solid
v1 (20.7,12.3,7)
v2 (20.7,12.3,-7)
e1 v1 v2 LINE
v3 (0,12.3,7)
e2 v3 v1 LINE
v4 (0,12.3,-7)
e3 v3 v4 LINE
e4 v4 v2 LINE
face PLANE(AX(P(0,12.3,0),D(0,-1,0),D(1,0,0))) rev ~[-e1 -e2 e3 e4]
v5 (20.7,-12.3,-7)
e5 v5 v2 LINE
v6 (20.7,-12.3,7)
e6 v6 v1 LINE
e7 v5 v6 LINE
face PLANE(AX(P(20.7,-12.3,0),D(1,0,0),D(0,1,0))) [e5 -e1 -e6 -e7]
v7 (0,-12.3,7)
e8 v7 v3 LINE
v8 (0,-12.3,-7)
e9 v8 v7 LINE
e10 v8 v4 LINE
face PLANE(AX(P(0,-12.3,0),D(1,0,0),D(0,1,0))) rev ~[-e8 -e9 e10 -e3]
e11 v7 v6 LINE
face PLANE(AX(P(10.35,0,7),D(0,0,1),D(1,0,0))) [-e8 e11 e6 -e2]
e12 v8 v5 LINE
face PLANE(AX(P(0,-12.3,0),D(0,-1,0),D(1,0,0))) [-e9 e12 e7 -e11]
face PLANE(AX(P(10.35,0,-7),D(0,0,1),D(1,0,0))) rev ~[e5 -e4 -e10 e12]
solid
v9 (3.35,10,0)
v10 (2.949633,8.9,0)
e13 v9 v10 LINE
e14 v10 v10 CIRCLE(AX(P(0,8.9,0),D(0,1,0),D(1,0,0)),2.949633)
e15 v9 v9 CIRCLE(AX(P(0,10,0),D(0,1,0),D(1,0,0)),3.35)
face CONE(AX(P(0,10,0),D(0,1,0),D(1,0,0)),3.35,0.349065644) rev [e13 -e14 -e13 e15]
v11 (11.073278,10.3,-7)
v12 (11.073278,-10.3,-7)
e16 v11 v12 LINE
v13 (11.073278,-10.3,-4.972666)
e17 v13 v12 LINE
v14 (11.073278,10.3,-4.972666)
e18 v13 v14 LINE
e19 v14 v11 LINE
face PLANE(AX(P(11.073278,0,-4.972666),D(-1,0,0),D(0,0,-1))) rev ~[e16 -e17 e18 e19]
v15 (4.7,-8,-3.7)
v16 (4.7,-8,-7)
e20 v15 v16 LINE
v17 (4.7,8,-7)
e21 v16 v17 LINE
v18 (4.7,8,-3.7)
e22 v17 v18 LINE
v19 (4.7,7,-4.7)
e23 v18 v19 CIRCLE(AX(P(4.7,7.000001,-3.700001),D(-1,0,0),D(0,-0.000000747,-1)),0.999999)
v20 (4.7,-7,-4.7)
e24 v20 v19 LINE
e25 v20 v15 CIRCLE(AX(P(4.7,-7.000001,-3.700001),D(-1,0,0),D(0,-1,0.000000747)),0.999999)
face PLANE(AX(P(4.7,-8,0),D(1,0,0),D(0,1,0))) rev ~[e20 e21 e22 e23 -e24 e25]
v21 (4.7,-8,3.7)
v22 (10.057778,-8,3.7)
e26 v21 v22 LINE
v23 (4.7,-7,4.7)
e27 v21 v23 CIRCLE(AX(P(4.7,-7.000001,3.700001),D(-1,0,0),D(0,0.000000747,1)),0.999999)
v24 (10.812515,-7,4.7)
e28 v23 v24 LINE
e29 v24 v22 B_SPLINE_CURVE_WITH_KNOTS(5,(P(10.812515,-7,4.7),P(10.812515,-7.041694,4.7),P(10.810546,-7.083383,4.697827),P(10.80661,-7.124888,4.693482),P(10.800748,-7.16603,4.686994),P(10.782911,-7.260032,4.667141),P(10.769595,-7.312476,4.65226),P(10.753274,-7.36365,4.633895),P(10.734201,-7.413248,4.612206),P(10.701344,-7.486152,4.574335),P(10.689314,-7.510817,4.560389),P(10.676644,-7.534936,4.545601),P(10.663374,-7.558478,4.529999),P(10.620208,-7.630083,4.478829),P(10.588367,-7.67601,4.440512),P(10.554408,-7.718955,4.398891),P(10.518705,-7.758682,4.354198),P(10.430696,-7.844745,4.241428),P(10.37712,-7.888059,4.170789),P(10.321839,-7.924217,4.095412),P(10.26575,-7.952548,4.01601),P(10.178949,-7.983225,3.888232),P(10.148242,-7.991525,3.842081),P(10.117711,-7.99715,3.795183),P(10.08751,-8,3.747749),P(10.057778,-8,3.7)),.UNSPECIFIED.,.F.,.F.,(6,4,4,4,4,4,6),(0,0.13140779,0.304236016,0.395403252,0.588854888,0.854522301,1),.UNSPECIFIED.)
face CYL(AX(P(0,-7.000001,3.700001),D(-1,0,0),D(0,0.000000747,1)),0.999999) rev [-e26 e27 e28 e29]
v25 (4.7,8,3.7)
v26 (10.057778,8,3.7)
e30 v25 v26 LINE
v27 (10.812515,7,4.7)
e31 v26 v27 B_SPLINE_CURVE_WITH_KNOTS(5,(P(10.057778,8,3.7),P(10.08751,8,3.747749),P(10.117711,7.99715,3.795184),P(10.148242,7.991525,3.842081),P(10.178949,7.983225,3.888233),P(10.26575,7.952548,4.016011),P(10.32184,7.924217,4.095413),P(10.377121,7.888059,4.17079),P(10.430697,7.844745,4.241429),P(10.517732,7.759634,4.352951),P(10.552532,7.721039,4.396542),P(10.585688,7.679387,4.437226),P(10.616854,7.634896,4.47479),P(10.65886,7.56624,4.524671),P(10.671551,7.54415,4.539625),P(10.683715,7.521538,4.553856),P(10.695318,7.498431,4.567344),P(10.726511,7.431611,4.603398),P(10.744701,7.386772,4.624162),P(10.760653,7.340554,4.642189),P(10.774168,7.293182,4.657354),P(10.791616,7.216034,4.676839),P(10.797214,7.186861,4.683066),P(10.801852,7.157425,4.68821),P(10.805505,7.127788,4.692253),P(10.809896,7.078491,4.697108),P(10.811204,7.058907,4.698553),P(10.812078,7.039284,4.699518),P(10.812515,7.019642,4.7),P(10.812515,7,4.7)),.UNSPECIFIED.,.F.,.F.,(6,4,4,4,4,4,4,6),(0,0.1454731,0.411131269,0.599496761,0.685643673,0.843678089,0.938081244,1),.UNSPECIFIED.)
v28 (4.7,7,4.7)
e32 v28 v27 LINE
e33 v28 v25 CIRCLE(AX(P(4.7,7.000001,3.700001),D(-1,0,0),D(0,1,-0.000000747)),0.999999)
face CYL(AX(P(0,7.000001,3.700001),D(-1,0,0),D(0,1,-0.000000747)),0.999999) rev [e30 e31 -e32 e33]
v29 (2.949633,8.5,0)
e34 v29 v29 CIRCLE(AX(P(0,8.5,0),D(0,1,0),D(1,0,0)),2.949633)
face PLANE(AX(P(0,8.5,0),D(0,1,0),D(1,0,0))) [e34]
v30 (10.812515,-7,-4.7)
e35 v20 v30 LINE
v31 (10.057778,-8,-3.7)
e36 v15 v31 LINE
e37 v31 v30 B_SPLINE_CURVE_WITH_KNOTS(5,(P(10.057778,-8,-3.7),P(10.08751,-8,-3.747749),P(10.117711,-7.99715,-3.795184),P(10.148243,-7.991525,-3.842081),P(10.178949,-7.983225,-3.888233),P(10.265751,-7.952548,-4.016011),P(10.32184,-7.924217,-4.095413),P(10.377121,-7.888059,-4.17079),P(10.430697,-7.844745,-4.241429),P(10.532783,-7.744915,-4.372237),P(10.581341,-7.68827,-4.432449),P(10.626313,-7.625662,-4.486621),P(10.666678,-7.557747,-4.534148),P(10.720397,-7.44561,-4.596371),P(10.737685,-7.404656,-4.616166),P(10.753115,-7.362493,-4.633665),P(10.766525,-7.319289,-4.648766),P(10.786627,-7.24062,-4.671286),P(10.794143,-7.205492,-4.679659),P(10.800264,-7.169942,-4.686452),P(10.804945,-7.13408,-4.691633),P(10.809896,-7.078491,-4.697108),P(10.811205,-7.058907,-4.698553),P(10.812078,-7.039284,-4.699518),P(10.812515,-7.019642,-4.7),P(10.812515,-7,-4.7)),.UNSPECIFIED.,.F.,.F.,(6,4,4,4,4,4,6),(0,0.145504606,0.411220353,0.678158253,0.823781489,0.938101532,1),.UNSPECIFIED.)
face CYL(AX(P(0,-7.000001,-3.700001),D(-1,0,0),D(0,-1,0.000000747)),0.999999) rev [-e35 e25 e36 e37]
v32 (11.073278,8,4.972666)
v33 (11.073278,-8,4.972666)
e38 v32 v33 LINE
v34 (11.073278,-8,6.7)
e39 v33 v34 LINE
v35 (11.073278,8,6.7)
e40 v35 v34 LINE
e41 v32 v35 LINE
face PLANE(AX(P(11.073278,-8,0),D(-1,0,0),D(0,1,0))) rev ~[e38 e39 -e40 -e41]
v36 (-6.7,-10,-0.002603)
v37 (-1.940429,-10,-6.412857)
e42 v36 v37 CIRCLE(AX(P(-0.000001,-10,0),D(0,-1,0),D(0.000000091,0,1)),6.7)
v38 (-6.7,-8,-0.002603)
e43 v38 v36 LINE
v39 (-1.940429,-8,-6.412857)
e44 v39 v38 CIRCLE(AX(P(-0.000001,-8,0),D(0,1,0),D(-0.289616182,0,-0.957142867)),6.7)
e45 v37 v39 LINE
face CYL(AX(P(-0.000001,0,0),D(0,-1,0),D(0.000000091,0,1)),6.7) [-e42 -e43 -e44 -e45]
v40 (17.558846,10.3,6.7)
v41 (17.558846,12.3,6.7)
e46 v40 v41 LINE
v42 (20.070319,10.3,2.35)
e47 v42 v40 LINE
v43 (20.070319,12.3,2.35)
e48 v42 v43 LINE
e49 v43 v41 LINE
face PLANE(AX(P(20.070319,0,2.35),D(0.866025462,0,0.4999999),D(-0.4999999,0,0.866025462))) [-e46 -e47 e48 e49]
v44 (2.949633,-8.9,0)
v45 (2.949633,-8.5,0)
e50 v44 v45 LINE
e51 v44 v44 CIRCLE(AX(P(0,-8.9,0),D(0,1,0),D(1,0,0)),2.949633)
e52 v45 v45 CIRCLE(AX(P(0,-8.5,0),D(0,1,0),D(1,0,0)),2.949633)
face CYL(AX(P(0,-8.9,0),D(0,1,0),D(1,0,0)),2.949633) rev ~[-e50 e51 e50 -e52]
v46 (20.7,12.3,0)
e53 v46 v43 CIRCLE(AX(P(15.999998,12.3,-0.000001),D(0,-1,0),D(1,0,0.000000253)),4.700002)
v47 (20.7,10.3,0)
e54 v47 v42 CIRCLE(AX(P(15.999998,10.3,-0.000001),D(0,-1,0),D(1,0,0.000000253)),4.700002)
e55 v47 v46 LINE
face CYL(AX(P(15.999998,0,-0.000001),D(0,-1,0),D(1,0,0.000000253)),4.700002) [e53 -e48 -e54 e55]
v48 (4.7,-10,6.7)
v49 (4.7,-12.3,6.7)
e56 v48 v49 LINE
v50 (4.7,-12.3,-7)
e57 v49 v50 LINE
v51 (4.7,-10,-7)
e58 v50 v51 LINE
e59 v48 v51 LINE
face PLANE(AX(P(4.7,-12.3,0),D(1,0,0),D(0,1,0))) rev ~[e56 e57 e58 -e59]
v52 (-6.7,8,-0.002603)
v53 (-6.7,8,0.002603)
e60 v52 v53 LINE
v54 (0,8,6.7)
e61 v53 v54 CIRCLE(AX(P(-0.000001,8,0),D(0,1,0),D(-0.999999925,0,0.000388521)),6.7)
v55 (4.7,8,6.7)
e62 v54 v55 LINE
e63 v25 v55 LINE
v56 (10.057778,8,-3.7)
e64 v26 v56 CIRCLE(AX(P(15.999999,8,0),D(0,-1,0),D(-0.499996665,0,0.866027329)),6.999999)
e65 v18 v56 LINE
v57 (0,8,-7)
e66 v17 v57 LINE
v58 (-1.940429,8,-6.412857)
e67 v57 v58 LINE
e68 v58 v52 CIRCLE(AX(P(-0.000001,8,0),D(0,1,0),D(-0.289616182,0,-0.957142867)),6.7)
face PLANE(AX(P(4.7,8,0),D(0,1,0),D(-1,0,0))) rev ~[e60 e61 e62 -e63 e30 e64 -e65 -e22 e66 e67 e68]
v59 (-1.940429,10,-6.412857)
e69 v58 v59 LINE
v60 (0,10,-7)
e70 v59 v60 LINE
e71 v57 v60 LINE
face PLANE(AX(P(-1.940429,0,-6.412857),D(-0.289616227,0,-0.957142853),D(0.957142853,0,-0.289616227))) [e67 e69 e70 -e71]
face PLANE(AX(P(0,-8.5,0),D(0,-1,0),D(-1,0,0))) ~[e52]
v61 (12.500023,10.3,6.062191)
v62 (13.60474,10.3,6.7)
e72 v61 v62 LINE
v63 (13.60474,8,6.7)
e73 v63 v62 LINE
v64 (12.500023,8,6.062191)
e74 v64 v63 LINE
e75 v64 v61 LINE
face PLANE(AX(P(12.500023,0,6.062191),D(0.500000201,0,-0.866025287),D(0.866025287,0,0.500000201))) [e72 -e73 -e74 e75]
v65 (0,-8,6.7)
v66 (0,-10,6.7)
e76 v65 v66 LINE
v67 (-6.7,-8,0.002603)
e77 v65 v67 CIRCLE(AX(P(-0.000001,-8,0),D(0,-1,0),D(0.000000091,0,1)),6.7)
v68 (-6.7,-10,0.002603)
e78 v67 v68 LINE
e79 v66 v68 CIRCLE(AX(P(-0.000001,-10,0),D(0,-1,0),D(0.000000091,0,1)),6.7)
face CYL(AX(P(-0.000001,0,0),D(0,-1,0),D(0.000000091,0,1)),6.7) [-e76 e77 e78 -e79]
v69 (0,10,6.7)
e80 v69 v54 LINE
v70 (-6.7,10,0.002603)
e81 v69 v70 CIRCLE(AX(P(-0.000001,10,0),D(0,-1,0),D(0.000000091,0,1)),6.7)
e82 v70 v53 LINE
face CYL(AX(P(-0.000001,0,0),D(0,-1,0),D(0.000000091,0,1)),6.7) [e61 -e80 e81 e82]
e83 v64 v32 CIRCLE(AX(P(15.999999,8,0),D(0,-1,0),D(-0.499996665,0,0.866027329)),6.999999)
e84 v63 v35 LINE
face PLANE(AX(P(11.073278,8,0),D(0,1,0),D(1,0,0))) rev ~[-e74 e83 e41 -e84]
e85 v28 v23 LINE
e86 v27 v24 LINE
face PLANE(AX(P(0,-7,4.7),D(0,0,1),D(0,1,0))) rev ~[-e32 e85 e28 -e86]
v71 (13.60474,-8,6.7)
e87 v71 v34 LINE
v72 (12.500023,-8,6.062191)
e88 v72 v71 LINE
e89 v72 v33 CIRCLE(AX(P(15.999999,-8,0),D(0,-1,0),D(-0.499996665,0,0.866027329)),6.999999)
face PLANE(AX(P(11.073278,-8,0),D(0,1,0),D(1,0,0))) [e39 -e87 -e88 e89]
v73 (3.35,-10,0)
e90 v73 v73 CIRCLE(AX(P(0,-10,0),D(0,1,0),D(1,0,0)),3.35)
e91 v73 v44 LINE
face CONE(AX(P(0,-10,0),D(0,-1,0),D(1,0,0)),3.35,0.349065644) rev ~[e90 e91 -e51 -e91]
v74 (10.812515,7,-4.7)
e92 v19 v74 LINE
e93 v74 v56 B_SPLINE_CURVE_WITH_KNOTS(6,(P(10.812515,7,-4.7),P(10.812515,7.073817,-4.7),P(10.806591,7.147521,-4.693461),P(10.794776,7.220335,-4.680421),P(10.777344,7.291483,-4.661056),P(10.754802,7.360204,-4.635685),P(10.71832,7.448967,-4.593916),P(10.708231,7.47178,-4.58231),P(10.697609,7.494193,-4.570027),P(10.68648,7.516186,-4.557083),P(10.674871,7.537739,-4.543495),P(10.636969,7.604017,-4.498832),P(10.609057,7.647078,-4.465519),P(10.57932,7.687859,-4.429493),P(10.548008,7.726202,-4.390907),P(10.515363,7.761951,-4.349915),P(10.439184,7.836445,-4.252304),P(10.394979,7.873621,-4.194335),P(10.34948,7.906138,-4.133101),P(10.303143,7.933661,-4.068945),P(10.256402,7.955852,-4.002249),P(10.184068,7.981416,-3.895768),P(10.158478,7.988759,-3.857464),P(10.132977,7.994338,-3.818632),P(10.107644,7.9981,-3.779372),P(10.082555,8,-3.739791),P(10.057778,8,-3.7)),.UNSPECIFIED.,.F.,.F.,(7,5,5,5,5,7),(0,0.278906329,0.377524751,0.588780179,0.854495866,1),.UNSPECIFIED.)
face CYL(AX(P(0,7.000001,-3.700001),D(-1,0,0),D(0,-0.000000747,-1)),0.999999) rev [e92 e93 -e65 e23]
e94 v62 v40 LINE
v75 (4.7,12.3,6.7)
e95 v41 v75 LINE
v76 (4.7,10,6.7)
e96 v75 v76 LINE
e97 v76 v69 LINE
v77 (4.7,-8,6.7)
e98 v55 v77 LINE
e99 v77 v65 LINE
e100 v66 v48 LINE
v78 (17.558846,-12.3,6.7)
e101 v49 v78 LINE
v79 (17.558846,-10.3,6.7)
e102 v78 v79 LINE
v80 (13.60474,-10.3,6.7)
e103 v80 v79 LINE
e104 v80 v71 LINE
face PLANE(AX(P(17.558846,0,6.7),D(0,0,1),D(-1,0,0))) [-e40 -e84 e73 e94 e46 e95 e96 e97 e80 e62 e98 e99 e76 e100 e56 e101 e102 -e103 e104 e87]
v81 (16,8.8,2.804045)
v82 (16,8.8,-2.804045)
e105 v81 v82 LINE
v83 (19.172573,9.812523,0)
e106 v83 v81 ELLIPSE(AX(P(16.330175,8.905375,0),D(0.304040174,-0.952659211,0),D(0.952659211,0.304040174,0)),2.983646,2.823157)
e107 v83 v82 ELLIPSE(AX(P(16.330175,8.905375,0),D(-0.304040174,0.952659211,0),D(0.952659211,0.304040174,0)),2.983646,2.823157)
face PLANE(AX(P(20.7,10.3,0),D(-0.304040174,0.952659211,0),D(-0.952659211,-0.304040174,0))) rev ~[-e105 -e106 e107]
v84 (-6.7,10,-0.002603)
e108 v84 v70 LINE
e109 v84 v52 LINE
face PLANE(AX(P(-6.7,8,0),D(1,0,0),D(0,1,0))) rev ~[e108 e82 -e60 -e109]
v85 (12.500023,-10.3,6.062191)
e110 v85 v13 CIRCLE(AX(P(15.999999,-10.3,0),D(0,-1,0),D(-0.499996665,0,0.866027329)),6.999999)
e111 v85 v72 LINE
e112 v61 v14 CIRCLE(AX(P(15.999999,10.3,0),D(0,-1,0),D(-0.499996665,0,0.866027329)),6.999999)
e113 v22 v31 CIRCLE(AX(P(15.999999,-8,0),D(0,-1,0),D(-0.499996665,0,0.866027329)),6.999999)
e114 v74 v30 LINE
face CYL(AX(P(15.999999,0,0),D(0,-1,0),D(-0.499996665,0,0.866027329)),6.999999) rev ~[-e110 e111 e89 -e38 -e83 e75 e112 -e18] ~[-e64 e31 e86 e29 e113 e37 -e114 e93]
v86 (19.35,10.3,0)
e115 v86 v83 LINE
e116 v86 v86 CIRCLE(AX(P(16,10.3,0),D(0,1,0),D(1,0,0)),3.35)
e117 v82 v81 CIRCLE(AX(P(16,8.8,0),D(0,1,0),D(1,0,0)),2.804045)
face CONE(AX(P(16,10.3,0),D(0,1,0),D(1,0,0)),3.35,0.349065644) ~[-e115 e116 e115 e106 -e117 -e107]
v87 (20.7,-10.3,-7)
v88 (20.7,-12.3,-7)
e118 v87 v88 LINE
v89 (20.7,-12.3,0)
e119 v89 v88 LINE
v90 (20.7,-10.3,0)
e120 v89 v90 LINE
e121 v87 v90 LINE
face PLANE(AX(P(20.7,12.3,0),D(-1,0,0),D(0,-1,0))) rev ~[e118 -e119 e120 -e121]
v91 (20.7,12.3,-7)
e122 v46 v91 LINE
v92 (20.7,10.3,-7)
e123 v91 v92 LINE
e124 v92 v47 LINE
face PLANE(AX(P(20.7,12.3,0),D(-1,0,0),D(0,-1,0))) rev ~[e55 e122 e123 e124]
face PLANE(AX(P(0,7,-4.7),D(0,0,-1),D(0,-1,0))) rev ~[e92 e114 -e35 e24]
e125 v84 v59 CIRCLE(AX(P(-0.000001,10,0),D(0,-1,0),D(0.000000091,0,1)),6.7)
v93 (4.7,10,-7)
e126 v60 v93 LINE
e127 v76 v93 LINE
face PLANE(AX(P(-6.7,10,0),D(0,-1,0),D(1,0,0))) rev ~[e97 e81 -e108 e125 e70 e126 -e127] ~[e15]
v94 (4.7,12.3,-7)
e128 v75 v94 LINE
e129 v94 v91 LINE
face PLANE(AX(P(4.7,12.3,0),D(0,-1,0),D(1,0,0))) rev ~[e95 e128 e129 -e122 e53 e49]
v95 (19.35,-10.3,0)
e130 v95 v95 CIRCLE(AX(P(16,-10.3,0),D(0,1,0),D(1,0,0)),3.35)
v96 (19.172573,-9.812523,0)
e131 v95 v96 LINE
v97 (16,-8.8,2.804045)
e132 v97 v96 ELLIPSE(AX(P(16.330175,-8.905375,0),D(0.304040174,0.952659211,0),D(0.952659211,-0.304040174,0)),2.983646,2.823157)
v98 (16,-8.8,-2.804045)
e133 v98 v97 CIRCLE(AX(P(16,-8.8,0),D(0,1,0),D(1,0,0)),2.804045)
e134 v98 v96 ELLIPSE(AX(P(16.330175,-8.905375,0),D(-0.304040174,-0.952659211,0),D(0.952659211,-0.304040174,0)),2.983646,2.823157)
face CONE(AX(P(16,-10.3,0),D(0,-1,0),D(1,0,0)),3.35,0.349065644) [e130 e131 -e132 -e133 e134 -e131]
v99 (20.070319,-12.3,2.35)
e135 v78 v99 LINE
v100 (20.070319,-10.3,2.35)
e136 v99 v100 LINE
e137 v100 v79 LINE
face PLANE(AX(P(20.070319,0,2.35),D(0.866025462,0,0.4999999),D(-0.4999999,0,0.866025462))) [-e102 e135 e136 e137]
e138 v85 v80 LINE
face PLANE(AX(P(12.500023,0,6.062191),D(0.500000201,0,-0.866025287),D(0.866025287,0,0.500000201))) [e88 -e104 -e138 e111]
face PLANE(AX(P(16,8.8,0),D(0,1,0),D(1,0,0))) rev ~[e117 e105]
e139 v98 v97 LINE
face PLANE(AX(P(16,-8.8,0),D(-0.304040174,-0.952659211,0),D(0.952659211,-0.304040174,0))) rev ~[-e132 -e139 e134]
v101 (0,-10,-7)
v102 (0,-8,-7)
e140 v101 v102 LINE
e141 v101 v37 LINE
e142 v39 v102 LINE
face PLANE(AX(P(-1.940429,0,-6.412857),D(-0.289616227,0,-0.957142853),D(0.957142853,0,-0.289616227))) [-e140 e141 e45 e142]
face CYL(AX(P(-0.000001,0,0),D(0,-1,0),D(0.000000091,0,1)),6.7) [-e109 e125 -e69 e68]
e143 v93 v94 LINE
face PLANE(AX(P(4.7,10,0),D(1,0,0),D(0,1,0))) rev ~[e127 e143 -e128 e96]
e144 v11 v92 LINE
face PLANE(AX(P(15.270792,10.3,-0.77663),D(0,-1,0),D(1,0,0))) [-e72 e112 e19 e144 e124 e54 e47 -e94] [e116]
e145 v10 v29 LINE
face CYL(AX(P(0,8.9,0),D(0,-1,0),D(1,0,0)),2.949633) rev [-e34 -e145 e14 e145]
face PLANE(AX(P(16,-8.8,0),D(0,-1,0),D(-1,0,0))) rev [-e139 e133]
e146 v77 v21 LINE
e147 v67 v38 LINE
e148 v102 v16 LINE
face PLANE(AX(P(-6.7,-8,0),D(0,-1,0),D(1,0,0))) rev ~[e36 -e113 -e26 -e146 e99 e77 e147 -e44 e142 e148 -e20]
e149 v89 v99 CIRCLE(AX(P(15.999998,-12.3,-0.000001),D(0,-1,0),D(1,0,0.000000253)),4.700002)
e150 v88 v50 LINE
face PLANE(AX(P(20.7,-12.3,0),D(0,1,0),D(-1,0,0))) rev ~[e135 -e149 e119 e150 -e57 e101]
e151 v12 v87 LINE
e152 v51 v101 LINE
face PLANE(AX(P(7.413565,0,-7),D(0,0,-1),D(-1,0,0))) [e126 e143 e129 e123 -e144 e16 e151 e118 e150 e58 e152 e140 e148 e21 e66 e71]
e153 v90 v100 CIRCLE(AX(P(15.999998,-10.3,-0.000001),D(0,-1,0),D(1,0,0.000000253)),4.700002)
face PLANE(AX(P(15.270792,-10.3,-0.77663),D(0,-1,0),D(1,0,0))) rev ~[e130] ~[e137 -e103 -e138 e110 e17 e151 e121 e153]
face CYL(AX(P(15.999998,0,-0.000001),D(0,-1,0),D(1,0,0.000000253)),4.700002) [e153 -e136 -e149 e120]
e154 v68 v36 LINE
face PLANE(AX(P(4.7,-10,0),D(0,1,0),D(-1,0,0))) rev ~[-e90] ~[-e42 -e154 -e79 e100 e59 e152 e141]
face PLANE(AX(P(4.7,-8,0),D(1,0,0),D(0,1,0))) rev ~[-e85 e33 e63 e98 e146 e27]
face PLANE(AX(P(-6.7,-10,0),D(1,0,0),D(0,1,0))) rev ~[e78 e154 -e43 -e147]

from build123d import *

# Parameters (mm, degrees)
PAD_DEPTH            = 7
SKETCH002_W          = 29.4
SKETCH002_H          = 15.7
POCKET_DEPTH         = 13
POCKET001_DEPTH      = 10.3
POCKET002_DEPTH      = 6.701
POCKET002_DEPTH_BACK = -20.701
SKETCH005_W          = 4.926722
SKETCH005_H          = 16
POCKET003_DEPTH      = 6.701
POCKET004_DEPTH      = 7.001
POCKET004_DEPTH_BACK = -6.701
SKETCH009_W          = 20.7
SKETCH009_H          = 24.6
PAD001_DEPTH         = 7


with BuildPart() as chain_link:
    # Sketch001 → Pad (new body, symmetric)
    with BuildSketch(Plane.XY):
        Polygon((-6.7, 10), (4.7, 10), (4.7, 12.3), (20.7, 12.3), (20.7, -12.3), (4.7, -12.3), (4.7, -10), (-6.7, -10), (-6.7, -8), (4.7, -8), (4.7, 8), (-6.7, 8), align=None)
    extrude(amount=PAD_DEPTH, both=True)

    # Sketch002 → Pocket (cut, symmetric)
    with BuildSketch(Plane.XZ):
        with Locations((7, -0.15)):
            Rectangle(SKETCH002_W, SKETCH002_H)
        with BuildLine():
            ThreePointArc((0, 6.7), (-6.627826, 0.98078), (-1.940429, -6.412857))
            Line((-1.940429, -6.412857), (0, -7))
            Line((20.7, -7), (0, -7))
            Line((20.7, -7), (20.7, 0))
            ThreePointArc((20.7, 0), (20.539851, 1.21645), (20.070319, 2.35))
            Line((20.070319, 2.35), (17.558846, 6.7))
            Line((17.558846, 6.7), (0, 6.7))
        make_face(mode=Mode.SUBTRACT)
    extrude(amount=POCKET_DEPTH, both=True, mode=Mode.SUBTRACT)

    # Sketch003 → Pocket001 (cut, symmetric)
    with BuildSketch(Plane.XZ):
        with BuildLine():
            Line((11.073278, -4.972666), (11.073278, -7))
            Line((11.073278, -7), (20.7, -7))
            Line((20.7, -7), (20.7, 0))
            ThreePointArc((20.7, 0), (20.539851, 1.21645), (20.070319, 2.35))
            Line((20.070319, 2.35), (17.558846, 6.7))
            Line((13.60474, 6.7), (17.558846, 6.7))
            Line((12.500023, 6.062191), (13.60474, 6.7))
            ThreePointArc((12.500023, 6.062191), (9.057786, 0.897589), (11.073278, -4.972666))
        make_face()
    extrude(amount=POCKET001_DEPTH, both=True, mode=Mode.SUBTRACT)

    # Sketch004 → Pocket002 (cut, two sides)
    with BuildSketch(Plane.YZ) as pocket002_sk:
        with BuildLine():
            Line((-7, 4.7), (7, 4.7))
            ThreePointArc((8, 3.7), (7.707107, 4.407107), (7, 4.7))
            Line((8, 3.7), (8, -3.7))
            ThreePointArc((7, -4.7), (7.707107, -4.407107), (8, -3.7))
            Line((7, -4.7), (-7, -4.7))
            ThreePointArc((-8, -3.7), (-7.707107, -4.407107), (-7, -4.7))
            Line((-8, -3.7), (-8, 3.7))
            ThreePointArc((-7, 4.7), (-7.707107, 4.407107), (-8, 3.7))
        make_face()
    extrude(amount=-POCKET002_DEPTH, mode=Mode.SUBTRACT)
    extrude(pocket002_sk.sketch, amount=-POCKET002_DEPTH_BACK, mode=Mode.SUBTRACT)

    # Sketch005 → Pocket003 (cut, through all)
    with BuildSketch(Plane.XY):
        with Locations((13.536639, 0)):
            Rectangle(SKETCH005_W, SKETCH005_H)
    extrude(amount=POCKET003_DEPTH, mode=Mode.SUBTRACT)

    # Sketch006 → Revolution (revolve)
    with BuildSketch(Plane.XY):
        Polygon((16, 10.3), (19.35, 10.3), (18.804045, 8.8), (16, 8.8), align=None)
    revolution = revolve(axis=Axis((16, 8.8, 0), (0, 1, 0)))

    # Mirrored: Revolution across XZ
    add(revolution.mirror(Plane.XZ))

    # Sketch007 → Groove (revolve, cut)
    with BuildSketch(Plane.XY):
        Polygon((0, 10), (3.35, 10), (2.949633, 8.9), (2.949633, 8.5), (0, 8.5), align=None)
    groove = revolve(axis=Axis((0, 0, 0), (0, 1, 0)), mode=Mode.SUBTRACT)

    # Mirrored001: Groove across XZ
    add(groove.mirror(Plane.XZ), mode=Mode.SUBTRACT)

    # Sketch008 → Pocket004 (cut, two sides)
    with BuildSketch(Plane.XY) as pocket004_sk:
        Polygon((16, 8.8), (16, -8.8), (20.7, -10.3), (20.7, 10.3), align=None)
    extrude(amount=-POCKET004_DEPTH, mode=Mode.SUBTRACT)
    extrude(pocket004_sk.sketch, amount=-POCKET004_DEPTH_BACK, mode=Mode.SUBTRACT)


with BuildPart() as endpiece_rigid_plugside:
    # Sketch009 → Pad001 (new body, symmetric)
    with BuildSketch(Plane.XY):
        with Locations((10.35, 0)):
            Rectangle(SKETCH009_W, SKETCH009_H)
    extrude(amount=PAD001_DEPTH, both=True)


solid = Compound([chain_link.part, endpiece_rigid_plugside.part])
